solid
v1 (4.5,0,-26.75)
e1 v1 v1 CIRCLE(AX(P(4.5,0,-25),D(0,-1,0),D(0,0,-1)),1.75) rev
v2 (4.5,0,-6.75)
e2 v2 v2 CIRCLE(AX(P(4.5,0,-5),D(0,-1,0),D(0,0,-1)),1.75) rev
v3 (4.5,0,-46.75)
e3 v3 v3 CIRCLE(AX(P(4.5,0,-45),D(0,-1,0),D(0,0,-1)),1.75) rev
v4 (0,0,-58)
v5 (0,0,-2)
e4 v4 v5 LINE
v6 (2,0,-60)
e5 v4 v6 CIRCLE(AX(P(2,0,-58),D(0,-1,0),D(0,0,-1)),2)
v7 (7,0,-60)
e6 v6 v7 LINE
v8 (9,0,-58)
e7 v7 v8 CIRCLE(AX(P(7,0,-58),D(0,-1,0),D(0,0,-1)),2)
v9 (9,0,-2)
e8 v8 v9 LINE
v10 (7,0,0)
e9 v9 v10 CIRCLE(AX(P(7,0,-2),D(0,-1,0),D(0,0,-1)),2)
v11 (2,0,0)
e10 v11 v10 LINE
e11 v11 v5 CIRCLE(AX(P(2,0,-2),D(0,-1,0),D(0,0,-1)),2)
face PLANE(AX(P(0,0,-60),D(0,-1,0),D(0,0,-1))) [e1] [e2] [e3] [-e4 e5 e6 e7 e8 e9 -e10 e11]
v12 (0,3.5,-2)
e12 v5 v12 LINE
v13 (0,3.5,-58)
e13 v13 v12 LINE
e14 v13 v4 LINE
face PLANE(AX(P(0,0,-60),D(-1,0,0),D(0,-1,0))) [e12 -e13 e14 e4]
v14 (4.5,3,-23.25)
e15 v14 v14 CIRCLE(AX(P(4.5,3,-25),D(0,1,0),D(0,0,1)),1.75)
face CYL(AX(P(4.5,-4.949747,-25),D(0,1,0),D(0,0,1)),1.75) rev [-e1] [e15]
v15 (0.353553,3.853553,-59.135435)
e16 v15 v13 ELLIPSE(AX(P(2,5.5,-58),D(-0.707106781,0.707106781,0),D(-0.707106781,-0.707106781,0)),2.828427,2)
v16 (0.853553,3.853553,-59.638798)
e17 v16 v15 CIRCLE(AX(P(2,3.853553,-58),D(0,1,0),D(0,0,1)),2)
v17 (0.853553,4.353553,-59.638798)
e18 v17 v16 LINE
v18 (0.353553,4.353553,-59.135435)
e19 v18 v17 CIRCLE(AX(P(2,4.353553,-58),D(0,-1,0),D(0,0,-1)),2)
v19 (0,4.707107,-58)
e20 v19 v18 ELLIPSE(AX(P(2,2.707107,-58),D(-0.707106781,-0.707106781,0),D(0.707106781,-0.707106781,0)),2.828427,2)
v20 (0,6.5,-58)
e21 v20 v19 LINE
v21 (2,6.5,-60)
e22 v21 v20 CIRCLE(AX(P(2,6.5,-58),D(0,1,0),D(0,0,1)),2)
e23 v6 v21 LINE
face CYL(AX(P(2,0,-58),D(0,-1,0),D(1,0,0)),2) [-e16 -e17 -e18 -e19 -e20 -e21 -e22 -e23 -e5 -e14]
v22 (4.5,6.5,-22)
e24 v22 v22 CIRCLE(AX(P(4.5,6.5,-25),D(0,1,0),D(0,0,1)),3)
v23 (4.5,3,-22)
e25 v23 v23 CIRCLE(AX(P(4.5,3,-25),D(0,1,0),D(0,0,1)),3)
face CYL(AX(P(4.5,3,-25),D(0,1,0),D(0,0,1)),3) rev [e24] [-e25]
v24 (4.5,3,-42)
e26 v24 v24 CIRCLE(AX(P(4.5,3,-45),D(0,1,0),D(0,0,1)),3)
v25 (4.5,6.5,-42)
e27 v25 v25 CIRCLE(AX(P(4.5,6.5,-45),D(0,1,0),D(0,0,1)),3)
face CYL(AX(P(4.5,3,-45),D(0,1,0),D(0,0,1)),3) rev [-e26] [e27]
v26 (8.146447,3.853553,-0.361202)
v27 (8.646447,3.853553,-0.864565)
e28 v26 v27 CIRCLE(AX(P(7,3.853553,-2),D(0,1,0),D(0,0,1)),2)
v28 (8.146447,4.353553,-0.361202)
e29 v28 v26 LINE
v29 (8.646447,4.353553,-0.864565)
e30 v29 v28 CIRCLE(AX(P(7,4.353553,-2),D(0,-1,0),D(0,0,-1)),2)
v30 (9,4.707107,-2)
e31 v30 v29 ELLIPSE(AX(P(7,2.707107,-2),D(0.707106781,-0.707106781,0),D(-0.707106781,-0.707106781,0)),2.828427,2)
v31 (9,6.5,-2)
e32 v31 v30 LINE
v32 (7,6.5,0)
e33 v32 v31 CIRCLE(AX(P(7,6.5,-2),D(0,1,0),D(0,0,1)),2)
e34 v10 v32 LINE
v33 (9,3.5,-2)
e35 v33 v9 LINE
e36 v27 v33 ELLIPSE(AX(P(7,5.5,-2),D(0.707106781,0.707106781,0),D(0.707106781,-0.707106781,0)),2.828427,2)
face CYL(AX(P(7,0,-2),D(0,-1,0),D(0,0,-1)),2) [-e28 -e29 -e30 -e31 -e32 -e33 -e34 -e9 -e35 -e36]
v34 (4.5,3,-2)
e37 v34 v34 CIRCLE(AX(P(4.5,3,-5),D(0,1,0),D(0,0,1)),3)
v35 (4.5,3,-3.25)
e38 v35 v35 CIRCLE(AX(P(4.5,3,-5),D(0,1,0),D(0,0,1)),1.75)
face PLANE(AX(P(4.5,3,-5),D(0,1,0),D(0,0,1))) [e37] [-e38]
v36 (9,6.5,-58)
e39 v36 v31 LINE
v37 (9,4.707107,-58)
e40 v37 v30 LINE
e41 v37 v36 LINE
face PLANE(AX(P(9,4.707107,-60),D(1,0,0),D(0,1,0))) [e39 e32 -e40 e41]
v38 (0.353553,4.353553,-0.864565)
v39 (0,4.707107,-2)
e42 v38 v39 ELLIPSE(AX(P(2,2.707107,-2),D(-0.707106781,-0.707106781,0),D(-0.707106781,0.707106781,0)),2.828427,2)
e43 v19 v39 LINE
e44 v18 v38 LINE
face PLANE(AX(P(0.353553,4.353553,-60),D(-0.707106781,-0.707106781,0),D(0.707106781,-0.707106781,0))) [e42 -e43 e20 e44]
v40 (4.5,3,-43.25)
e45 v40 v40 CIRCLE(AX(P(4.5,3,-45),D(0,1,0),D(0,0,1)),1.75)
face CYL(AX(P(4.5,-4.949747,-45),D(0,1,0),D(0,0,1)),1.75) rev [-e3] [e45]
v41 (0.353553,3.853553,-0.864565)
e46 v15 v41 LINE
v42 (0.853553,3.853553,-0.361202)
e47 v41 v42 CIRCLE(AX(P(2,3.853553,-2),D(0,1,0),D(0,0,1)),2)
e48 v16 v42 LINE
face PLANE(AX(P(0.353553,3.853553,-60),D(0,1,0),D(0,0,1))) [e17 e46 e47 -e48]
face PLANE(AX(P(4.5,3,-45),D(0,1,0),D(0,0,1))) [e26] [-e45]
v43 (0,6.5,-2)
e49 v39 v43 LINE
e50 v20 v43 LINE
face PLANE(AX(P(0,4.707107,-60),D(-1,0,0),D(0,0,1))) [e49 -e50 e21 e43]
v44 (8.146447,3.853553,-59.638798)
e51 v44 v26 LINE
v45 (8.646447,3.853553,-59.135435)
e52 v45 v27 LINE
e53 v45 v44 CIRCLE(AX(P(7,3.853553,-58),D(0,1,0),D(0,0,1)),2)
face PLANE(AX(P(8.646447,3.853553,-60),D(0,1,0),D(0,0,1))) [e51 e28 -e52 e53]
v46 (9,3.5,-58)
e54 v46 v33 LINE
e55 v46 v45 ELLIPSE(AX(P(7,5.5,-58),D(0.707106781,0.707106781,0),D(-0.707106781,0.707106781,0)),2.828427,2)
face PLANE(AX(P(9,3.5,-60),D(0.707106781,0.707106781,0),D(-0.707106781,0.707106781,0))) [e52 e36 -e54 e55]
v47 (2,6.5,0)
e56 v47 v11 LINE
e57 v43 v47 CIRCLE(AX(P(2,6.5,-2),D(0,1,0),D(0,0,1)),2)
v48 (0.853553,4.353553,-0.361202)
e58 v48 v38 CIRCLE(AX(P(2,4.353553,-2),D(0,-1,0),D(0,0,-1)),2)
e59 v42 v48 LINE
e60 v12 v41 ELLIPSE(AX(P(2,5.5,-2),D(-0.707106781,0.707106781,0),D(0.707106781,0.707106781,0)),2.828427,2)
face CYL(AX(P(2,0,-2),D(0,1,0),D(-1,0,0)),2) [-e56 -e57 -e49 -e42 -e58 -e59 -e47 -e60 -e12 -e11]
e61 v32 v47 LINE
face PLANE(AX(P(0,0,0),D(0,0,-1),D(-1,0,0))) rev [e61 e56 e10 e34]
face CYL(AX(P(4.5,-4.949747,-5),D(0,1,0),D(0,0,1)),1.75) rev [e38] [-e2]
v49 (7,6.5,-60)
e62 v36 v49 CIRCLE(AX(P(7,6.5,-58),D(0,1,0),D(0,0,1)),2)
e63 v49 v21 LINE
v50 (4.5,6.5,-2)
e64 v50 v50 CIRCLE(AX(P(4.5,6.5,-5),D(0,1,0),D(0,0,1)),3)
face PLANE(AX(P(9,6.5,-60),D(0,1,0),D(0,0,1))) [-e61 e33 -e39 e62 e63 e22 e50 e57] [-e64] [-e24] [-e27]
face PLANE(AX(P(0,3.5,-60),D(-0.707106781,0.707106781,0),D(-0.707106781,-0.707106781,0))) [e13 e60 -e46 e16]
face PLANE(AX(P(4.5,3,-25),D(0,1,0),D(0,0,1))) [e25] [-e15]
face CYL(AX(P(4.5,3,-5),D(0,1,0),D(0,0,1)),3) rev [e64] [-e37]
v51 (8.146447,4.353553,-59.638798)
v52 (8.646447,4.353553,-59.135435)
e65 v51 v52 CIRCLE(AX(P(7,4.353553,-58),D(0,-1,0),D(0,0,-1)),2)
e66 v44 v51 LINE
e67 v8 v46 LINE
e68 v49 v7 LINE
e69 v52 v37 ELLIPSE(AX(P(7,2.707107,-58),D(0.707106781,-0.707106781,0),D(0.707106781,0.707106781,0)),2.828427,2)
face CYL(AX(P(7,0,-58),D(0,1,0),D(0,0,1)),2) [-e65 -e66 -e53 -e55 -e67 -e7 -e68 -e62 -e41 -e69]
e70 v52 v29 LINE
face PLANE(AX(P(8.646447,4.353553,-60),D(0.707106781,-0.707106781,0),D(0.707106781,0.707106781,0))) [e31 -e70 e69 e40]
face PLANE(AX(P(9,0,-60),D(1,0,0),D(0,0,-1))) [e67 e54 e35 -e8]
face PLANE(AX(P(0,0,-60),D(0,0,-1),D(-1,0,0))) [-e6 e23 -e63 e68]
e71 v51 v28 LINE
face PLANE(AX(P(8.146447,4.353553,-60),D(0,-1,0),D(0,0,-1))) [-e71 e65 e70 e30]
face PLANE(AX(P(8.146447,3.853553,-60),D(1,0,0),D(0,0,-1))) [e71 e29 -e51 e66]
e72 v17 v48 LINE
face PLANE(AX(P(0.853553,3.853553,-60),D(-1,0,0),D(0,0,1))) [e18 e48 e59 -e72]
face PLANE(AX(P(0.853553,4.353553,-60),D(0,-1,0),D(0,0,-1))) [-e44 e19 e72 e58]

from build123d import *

# Parameters (mm, degrees)
EXTRUDE_2_DEPTH     = 60
SKETCH_3_R          = 3
CUT_EXTRUDE_1_DEPTH = 3.5
SKETCH_4_R          = 1.75
CUT_EXTRUDE_2_DEPTH = 3
FILLET_1_R          = 2


with BuildPart() as part:
    # 草图2 → 凸台-拉伸2 (new body)
    with BuildSketch(Plane.XY):
        Polygon((0, 0), (9, 0), (9, 3.5), (8.646446609, 3.853553391), (8.146446609, 3.853553391), (8.146446609, 4.353553391), (8.646446609, 4.353553391), (9, 4.707106781), (9, 6.5), (0, 6.5), (0, 4.707106781), (0.353553391, 4.353553391), (0.853553391, 4.353553391), (0.853553391, 3.853553391), (0.353553391, 3.853553391), (0, 3.5), align=None)
    extrude(amount=-EXTRUDE_2_DEPTH)

    # 草图3 → 切除-拉伸1 (cut)
    with BuildSketch(Plane(origin=(0, 6.5, 0), x_dir=(1, 0, 0), z_dir=(0, 1, 0))):
        with Locations(Location((4.5, 5, 0), (0, 0, 270))):
            Circle(SKETCH_3_R)
        with Locations(Location((4.5, 25, 0), (0, 0, 270))):
            Circle(SKETCH_3_R)
        with Locations(Location((4.5, 45, 0), (0, 0, 270))):
            Circle(SKETCH_3_R)
        with Locations((4.5, 65)):
            Circle(SKETCH_3_R)
        with Locations((4.5, 85)):
            Circle(SKETCH_3_R)
        with Locations((4.5, 105)):
            Circle(SKETCH_3_R)
        with Locations((4.5, 125)):
            Circle(SKETCH_3_R)
        with Locations((4.5, 145)):
            Circle(SKETCH_3_R)
        with Locations((4.5, 165)):
            Circle(SKETCH_3_R)
        with Locations((4.5, 185)):
            Circle(SKETCH_3_R)
        with Locations((4.5, 205)):
            Circle(SKETCH_3_R)
        with Locations((4.5, 225)):
            Circle(SKETCH_3_R)
    extrude(amount=-CUT_EXTRUDE_1_DEPTH, mode=Mode.SUBTRACT)

    # 草图4 → 切除-拉伸2 (cut)
    with BuildSketch(Plane(origin=(0, 3, 0), x_dir=(1, 0, 0), z_dir=(0, 1, 0))):
        with Locations(Location((4.5, 5, 0), (0, 0, 270))):
            Circle(SKETCH_4_R)
        with Locations(Location((4.5, 25, 0), (0, 0, 270))):
            Circle(SKETCH_4_R)
        with Locations(Location((4.5, 45, 0), (0, 0, 270))):
            Circle(SKETCH_4_R)
        with Locations((4.5, 65)):
            Circle(SKETCH_4_R)
        with Locations((4.5, 85)):
            Circle(SKETCH_4_R)
        with Locations((4.5, 105)):
            Circle(SKETCH_4_R)
        with Locations((4.5, 125)):
            Circle(SKETCH_4_R)
        with Locations((4.5, 145)):
            Circle(SKETCH_4_R)
        with Locations((4.5, 165)):
            Circle(SKETCH_4_R)
        with Locations((4.5, 185)):
            Circle(SKETCH_4_R)
        with Locations((4.5, 205)):
            Circle(SKETCH_4_R)
        with Locations((4.5, 225)):
            Circle(SKETCH_4_R)
    extrude(amount=-CUT_EXTRUDE_2_DEPTH, mode=Mode.SUBTRACT)

    # 圆角1
    fillet_1_edges = [part.edges().sort_by_distance(p)[0] for p in [
        (9, 1.75, -60),
        (0, 1.75, -60),
        (9, 1.75, 0),
        (0, 1.75, 0),
    ]]
    fillet(fillet_1_edges, radius=FILLET_1_R)


solid = part.part
